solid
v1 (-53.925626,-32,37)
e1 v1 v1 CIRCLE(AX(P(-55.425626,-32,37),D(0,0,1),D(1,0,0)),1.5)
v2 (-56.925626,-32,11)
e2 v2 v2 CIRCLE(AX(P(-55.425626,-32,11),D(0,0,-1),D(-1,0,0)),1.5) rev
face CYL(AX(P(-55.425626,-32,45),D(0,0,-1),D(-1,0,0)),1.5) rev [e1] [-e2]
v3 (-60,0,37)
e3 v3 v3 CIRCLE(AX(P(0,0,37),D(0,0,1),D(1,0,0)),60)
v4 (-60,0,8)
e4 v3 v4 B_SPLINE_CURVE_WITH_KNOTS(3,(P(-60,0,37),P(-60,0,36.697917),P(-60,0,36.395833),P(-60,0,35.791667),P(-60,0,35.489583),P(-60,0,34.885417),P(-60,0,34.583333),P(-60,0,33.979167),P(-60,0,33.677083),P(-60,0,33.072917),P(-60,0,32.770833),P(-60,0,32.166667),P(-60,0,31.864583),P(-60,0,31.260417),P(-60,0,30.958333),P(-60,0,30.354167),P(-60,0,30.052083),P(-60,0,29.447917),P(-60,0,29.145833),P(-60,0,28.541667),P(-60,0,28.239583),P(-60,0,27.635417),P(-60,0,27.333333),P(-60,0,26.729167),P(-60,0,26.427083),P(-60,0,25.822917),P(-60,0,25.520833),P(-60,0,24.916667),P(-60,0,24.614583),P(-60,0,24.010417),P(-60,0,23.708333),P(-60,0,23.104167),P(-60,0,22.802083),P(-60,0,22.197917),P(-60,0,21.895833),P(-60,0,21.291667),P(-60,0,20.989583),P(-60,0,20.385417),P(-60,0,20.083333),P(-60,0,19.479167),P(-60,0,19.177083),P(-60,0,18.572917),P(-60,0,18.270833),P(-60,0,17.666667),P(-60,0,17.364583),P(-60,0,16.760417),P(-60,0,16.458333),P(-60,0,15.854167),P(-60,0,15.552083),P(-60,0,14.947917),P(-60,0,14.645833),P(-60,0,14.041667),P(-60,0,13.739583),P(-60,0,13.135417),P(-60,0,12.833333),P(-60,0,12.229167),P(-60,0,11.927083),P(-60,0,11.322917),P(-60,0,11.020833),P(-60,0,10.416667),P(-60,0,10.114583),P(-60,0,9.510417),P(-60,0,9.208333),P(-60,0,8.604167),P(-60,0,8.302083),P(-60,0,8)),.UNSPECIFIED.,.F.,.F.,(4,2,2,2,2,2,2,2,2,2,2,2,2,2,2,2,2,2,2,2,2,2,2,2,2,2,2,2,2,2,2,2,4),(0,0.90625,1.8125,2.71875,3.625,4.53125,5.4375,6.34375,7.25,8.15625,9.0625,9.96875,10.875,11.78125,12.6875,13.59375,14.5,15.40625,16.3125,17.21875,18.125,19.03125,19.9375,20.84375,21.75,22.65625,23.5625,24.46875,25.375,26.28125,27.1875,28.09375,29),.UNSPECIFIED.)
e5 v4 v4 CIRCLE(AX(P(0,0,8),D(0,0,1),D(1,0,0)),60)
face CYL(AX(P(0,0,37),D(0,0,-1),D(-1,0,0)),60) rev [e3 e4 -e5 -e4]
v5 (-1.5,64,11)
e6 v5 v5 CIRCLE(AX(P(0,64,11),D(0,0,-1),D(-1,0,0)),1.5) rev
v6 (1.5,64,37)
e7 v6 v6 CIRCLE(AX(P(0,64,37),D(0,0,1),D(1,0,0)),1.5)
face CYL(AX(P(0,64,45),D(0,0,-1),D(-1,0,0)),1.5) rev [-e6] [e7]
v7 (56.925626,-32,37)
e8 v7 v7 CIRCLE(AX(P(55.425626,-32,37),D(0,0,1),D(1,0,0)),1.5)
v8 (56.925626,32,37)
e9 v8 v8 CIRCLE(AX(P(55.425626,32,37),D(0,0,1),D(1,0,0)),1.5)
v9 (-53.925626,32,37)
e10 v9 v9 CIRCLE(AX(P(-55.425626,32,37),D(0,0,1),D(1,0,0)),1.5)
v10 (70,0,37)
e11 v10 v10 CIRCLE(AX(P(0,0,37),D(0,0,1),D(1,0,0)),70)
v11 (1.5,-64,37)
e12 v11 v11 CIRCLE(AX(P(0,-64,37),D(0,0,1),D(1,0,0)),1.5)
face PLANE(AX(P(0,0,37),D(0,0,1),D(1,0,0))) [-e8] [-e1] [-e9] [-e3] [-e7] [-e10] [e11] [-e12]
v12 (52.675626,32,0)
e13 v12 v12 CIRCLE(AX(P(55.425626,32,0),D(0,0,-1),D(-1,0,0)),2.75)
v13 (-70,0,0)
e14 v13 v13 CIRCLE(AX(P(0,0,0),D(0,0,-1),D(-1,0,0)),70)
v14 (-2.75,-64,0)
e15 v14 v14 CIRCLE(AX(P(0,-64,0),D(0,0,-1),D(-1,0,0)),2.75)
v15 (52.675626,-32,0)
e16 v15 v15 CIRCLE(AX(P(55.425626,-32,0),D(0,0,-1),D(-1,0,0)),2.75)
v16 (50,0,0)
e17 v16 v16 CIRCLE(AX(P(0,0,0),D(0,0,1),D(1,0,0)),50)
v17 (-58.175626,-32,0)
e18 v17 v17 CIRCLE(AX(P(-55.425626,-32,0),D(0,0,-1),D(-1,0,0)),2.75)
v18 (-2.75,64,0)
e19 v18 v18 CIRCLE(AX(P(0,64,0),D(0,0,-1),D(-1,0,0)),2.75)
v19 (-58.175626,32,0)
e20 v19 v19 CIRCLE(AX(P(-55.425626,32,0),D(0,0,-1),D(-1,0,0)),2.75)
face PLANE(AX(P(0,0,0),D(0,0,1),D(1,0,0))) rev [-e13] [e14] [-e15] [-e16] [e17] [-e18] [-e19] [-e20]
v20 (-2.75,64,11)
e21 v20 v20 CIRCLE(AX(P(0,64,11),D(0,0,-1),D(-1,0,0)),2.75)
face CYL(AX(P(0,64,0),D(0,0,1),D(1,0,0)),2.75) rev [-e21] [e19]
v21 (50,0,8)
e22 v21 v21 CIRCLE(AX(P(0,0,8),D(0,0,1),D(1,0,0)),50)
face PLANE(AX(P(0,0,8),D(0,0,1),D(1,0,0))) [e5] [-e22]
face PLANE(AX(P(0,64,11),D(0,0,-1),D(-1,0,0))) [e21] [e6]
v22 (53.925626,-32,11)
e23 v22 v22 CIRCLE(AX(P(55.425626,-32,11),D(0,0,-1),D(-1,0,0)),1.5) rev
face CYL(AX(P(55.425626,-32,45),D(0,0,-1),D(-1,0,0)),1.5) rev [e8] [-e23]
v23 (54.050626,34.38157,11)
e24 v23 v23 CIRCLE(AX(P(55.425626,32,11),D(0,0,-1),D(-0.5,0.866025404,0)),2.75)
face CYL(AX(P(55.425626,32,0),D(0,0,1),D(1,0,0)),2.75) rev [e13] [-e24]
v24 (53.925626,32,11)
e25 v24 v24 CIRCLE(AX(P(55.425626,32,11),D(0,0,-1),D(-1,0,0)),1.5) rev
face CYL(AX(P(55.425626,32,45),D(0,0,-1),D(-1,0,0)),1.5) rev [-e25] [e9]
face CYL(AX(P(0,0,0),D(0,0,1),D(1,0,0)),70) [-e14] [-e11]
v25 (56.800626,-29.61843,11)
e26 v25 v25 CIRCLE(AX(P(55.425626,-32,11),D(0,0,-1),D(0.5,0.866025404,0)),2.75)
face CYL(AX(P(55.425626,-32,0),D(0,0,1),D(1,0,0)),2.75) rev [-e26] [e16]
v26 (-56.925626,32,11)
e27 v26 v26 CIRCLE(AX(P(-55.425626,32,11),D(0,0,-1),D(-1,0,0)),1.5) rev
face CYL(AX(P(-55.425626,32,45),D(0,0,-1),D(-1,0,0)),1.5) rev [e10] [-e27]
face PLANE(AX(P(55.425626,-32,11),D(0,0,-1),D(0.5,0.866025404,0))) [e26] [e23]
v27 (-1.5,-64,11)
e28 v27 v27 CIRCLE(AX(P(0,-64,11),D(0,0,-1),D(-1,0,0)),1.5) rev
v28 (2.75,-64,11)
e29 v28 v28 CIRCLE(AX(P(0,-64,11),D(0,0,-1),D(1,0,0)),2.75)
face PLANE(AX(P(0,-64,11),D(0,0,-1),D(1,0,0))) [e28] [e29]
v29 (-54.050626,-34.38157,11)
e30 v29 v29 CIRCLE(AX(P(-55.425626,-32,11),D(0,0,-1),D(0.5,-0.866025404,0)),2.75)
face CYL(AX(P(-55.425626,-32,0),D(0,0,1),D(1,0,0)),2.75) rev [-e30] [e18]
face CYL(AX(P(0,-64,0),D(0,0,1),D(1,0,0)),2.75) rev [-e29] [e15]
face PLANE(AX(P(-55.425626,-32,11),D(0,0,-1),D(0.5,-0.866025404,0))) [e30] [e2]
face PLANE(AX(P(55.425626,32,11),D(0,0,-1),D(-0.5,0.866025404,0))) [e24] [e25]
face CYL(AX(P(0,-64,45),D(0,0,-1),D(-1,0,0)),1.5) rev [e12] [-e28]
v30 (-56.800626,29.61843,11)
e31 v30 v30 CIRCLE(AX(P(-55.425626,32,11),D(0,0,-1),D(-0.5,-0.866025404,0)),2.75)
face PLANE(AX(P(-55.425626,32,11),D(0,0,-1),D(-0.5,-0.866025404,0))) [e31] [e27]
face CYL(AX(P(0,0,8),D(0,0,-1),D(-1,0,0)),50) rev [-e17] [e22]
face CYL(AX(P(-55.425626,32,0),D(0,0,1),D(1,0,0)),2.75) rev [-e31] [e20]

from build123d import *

# Parameters (mm, degrees)
SKETCH1_R           = 60
SKETCH1_R_2         = 50
BOSS_EXTRUDE1_DEPTH = 8
SKETCH2_R           = 70
SKETCH2_R_2         = 60
BOSS_EXTRUDE2_DEPTH = 29
SKETCH3_R           = 1.5
CUT_EXTRUDE2_DEPTH  = 37
SKETCH4_R           = 2.75
CUT_EXTRUDE3_DEPTH  = 3
CIRPATTERN1_COUNT   = 6
BOSS_EXTRUDE3_START = 8
SKETCH7_R           = 70
SKETCH7_R_2         = 60
SKETCH7_R_3         = 2.75
BOSS_EXTRUDE3_DEPTH = 8


with BuildPart() as part:
    # Sketch1 → Boss-Extrude1 (new body)
    with BuildSketch(Plane.XY):
        Circle(SKETCH1_R)
        Circle(SKETCH1_R_2, mode=Mode.SUBTRACT)
    extrude(amount=BOSS_EXTRUDE1_DEPTH)



with BuildPart() as body_2:
    # Sketch2 → Boss-Extrude2 (new body)
    with BuildSketch(Plane.XY.offset(8)):
        with Locations(Location((0, 0, 0), (0, 0, 180))):
            Circle(SKETCH2_R)
        Circle(SKETCH2_R_2, mode=Mode.SUBTRACT)
    extrude(amount=BOSS_EXTRUDE2_DEPTH)

    # Sketch3 → Cut-Extrude2 (cut)
    with BuildSketch(Plane(origin=(0, 0, 8), x_dir=(-1, 0, 0), z_dir=(0, 0, -1))):
        with Locations((0, 64)):
            Circle(SKETCH3_R)
    cut_extrude2 = extrude(amount=-CUT_EXTRUDE2_DEPTH, mode=Mode.SUBTRACT)

    # Sketch4 → Cut-Extrude3 (cut)
    with BuildSketch(Plane(origin=(0, 0, 8), x_dir=(-1, 0, 0), z_dir=(0, 0, -1))):
        with Locations((0, 64)):
            Circle(SKETCH4_R)
    cut_extrude3 = extrude(amount=-CUT_EXTRUDE3_DEPTH, mode=Mode.SUBTRACT)

    # CirPattern1: Cut-Extrude2, Cut-Extrude3 ×6 about axis
    cirpattern1_axis = Axis((0, 0, 0), (0, 0, 1))
    add([cut_extrude2.rotate(cirpattern1_axis, i * 360 / CIRPATTERN1_COUNT) for i in range(1, CIRPATTERN1_COUNT)], mode=Mode.SUBTRACT)
    add([cut_extrude3.rotate(cirpattern1_axis, i * 360 / CIRPATTERN1_COUNT) for i in range(1, CIRPATTERN1_COUNT)], mode=Mode.SUBTRACT)


with BuildPart() as part_1:
    add(part.part)

    add(body_2.part)  # Boss-Extrude3 merges body 2
    # Sketch7 → Boss-Extrude3 (add)
    with BuildSketch(Plane(origin=(0, 0, 8), x_dir=(-1, 0, 0), z_dir=(0, 0, -1)).offset(BOSS_EXTRUDE3_START)):
        with Locations(Location((0, 0, 0), (0, 0, 180))):
            Circle(SKETCH7_R)
        Circle(SKETCH7_R_2, mode=Mode.SUBTRACT)
        with Locations((0, 64)):
            Circle(SKETCH7_R_3, mode=Mode.SUBTRACT)
        with Locations(Location((-55.425625842, 32, 0), (0, 0, 60))):
            Circle(SKETCH7_R_3, mode=Mode.SUBTRACT)
        with Locations(Location((-55.425625842, -32, 0), (0, 0, 120))):
            Circle(SKETCH7_R_3, mode=Mode.SUBTRACT)
        with Locations(Location((0, -64, 0), (0, 0, 180))):
            Circle(SKETCH7_R_3, mode=Mode.SUBTRACT)
        with Locations(Location((55.425625842, -32, 0), (0, 0, 240))):
            Circle(SKETCH7_R_3, mode=Mode.SUBTRACT)
        with Locations(Location((55.425625842, 32, 0), (0, 0, 300))):
            Circle(SKETCH7_R_3, mode=Mode.SUBTRACT)
    extrude(amount=-BOSS_EXTRUDE3_DEPTH)


solid = part_1.part
